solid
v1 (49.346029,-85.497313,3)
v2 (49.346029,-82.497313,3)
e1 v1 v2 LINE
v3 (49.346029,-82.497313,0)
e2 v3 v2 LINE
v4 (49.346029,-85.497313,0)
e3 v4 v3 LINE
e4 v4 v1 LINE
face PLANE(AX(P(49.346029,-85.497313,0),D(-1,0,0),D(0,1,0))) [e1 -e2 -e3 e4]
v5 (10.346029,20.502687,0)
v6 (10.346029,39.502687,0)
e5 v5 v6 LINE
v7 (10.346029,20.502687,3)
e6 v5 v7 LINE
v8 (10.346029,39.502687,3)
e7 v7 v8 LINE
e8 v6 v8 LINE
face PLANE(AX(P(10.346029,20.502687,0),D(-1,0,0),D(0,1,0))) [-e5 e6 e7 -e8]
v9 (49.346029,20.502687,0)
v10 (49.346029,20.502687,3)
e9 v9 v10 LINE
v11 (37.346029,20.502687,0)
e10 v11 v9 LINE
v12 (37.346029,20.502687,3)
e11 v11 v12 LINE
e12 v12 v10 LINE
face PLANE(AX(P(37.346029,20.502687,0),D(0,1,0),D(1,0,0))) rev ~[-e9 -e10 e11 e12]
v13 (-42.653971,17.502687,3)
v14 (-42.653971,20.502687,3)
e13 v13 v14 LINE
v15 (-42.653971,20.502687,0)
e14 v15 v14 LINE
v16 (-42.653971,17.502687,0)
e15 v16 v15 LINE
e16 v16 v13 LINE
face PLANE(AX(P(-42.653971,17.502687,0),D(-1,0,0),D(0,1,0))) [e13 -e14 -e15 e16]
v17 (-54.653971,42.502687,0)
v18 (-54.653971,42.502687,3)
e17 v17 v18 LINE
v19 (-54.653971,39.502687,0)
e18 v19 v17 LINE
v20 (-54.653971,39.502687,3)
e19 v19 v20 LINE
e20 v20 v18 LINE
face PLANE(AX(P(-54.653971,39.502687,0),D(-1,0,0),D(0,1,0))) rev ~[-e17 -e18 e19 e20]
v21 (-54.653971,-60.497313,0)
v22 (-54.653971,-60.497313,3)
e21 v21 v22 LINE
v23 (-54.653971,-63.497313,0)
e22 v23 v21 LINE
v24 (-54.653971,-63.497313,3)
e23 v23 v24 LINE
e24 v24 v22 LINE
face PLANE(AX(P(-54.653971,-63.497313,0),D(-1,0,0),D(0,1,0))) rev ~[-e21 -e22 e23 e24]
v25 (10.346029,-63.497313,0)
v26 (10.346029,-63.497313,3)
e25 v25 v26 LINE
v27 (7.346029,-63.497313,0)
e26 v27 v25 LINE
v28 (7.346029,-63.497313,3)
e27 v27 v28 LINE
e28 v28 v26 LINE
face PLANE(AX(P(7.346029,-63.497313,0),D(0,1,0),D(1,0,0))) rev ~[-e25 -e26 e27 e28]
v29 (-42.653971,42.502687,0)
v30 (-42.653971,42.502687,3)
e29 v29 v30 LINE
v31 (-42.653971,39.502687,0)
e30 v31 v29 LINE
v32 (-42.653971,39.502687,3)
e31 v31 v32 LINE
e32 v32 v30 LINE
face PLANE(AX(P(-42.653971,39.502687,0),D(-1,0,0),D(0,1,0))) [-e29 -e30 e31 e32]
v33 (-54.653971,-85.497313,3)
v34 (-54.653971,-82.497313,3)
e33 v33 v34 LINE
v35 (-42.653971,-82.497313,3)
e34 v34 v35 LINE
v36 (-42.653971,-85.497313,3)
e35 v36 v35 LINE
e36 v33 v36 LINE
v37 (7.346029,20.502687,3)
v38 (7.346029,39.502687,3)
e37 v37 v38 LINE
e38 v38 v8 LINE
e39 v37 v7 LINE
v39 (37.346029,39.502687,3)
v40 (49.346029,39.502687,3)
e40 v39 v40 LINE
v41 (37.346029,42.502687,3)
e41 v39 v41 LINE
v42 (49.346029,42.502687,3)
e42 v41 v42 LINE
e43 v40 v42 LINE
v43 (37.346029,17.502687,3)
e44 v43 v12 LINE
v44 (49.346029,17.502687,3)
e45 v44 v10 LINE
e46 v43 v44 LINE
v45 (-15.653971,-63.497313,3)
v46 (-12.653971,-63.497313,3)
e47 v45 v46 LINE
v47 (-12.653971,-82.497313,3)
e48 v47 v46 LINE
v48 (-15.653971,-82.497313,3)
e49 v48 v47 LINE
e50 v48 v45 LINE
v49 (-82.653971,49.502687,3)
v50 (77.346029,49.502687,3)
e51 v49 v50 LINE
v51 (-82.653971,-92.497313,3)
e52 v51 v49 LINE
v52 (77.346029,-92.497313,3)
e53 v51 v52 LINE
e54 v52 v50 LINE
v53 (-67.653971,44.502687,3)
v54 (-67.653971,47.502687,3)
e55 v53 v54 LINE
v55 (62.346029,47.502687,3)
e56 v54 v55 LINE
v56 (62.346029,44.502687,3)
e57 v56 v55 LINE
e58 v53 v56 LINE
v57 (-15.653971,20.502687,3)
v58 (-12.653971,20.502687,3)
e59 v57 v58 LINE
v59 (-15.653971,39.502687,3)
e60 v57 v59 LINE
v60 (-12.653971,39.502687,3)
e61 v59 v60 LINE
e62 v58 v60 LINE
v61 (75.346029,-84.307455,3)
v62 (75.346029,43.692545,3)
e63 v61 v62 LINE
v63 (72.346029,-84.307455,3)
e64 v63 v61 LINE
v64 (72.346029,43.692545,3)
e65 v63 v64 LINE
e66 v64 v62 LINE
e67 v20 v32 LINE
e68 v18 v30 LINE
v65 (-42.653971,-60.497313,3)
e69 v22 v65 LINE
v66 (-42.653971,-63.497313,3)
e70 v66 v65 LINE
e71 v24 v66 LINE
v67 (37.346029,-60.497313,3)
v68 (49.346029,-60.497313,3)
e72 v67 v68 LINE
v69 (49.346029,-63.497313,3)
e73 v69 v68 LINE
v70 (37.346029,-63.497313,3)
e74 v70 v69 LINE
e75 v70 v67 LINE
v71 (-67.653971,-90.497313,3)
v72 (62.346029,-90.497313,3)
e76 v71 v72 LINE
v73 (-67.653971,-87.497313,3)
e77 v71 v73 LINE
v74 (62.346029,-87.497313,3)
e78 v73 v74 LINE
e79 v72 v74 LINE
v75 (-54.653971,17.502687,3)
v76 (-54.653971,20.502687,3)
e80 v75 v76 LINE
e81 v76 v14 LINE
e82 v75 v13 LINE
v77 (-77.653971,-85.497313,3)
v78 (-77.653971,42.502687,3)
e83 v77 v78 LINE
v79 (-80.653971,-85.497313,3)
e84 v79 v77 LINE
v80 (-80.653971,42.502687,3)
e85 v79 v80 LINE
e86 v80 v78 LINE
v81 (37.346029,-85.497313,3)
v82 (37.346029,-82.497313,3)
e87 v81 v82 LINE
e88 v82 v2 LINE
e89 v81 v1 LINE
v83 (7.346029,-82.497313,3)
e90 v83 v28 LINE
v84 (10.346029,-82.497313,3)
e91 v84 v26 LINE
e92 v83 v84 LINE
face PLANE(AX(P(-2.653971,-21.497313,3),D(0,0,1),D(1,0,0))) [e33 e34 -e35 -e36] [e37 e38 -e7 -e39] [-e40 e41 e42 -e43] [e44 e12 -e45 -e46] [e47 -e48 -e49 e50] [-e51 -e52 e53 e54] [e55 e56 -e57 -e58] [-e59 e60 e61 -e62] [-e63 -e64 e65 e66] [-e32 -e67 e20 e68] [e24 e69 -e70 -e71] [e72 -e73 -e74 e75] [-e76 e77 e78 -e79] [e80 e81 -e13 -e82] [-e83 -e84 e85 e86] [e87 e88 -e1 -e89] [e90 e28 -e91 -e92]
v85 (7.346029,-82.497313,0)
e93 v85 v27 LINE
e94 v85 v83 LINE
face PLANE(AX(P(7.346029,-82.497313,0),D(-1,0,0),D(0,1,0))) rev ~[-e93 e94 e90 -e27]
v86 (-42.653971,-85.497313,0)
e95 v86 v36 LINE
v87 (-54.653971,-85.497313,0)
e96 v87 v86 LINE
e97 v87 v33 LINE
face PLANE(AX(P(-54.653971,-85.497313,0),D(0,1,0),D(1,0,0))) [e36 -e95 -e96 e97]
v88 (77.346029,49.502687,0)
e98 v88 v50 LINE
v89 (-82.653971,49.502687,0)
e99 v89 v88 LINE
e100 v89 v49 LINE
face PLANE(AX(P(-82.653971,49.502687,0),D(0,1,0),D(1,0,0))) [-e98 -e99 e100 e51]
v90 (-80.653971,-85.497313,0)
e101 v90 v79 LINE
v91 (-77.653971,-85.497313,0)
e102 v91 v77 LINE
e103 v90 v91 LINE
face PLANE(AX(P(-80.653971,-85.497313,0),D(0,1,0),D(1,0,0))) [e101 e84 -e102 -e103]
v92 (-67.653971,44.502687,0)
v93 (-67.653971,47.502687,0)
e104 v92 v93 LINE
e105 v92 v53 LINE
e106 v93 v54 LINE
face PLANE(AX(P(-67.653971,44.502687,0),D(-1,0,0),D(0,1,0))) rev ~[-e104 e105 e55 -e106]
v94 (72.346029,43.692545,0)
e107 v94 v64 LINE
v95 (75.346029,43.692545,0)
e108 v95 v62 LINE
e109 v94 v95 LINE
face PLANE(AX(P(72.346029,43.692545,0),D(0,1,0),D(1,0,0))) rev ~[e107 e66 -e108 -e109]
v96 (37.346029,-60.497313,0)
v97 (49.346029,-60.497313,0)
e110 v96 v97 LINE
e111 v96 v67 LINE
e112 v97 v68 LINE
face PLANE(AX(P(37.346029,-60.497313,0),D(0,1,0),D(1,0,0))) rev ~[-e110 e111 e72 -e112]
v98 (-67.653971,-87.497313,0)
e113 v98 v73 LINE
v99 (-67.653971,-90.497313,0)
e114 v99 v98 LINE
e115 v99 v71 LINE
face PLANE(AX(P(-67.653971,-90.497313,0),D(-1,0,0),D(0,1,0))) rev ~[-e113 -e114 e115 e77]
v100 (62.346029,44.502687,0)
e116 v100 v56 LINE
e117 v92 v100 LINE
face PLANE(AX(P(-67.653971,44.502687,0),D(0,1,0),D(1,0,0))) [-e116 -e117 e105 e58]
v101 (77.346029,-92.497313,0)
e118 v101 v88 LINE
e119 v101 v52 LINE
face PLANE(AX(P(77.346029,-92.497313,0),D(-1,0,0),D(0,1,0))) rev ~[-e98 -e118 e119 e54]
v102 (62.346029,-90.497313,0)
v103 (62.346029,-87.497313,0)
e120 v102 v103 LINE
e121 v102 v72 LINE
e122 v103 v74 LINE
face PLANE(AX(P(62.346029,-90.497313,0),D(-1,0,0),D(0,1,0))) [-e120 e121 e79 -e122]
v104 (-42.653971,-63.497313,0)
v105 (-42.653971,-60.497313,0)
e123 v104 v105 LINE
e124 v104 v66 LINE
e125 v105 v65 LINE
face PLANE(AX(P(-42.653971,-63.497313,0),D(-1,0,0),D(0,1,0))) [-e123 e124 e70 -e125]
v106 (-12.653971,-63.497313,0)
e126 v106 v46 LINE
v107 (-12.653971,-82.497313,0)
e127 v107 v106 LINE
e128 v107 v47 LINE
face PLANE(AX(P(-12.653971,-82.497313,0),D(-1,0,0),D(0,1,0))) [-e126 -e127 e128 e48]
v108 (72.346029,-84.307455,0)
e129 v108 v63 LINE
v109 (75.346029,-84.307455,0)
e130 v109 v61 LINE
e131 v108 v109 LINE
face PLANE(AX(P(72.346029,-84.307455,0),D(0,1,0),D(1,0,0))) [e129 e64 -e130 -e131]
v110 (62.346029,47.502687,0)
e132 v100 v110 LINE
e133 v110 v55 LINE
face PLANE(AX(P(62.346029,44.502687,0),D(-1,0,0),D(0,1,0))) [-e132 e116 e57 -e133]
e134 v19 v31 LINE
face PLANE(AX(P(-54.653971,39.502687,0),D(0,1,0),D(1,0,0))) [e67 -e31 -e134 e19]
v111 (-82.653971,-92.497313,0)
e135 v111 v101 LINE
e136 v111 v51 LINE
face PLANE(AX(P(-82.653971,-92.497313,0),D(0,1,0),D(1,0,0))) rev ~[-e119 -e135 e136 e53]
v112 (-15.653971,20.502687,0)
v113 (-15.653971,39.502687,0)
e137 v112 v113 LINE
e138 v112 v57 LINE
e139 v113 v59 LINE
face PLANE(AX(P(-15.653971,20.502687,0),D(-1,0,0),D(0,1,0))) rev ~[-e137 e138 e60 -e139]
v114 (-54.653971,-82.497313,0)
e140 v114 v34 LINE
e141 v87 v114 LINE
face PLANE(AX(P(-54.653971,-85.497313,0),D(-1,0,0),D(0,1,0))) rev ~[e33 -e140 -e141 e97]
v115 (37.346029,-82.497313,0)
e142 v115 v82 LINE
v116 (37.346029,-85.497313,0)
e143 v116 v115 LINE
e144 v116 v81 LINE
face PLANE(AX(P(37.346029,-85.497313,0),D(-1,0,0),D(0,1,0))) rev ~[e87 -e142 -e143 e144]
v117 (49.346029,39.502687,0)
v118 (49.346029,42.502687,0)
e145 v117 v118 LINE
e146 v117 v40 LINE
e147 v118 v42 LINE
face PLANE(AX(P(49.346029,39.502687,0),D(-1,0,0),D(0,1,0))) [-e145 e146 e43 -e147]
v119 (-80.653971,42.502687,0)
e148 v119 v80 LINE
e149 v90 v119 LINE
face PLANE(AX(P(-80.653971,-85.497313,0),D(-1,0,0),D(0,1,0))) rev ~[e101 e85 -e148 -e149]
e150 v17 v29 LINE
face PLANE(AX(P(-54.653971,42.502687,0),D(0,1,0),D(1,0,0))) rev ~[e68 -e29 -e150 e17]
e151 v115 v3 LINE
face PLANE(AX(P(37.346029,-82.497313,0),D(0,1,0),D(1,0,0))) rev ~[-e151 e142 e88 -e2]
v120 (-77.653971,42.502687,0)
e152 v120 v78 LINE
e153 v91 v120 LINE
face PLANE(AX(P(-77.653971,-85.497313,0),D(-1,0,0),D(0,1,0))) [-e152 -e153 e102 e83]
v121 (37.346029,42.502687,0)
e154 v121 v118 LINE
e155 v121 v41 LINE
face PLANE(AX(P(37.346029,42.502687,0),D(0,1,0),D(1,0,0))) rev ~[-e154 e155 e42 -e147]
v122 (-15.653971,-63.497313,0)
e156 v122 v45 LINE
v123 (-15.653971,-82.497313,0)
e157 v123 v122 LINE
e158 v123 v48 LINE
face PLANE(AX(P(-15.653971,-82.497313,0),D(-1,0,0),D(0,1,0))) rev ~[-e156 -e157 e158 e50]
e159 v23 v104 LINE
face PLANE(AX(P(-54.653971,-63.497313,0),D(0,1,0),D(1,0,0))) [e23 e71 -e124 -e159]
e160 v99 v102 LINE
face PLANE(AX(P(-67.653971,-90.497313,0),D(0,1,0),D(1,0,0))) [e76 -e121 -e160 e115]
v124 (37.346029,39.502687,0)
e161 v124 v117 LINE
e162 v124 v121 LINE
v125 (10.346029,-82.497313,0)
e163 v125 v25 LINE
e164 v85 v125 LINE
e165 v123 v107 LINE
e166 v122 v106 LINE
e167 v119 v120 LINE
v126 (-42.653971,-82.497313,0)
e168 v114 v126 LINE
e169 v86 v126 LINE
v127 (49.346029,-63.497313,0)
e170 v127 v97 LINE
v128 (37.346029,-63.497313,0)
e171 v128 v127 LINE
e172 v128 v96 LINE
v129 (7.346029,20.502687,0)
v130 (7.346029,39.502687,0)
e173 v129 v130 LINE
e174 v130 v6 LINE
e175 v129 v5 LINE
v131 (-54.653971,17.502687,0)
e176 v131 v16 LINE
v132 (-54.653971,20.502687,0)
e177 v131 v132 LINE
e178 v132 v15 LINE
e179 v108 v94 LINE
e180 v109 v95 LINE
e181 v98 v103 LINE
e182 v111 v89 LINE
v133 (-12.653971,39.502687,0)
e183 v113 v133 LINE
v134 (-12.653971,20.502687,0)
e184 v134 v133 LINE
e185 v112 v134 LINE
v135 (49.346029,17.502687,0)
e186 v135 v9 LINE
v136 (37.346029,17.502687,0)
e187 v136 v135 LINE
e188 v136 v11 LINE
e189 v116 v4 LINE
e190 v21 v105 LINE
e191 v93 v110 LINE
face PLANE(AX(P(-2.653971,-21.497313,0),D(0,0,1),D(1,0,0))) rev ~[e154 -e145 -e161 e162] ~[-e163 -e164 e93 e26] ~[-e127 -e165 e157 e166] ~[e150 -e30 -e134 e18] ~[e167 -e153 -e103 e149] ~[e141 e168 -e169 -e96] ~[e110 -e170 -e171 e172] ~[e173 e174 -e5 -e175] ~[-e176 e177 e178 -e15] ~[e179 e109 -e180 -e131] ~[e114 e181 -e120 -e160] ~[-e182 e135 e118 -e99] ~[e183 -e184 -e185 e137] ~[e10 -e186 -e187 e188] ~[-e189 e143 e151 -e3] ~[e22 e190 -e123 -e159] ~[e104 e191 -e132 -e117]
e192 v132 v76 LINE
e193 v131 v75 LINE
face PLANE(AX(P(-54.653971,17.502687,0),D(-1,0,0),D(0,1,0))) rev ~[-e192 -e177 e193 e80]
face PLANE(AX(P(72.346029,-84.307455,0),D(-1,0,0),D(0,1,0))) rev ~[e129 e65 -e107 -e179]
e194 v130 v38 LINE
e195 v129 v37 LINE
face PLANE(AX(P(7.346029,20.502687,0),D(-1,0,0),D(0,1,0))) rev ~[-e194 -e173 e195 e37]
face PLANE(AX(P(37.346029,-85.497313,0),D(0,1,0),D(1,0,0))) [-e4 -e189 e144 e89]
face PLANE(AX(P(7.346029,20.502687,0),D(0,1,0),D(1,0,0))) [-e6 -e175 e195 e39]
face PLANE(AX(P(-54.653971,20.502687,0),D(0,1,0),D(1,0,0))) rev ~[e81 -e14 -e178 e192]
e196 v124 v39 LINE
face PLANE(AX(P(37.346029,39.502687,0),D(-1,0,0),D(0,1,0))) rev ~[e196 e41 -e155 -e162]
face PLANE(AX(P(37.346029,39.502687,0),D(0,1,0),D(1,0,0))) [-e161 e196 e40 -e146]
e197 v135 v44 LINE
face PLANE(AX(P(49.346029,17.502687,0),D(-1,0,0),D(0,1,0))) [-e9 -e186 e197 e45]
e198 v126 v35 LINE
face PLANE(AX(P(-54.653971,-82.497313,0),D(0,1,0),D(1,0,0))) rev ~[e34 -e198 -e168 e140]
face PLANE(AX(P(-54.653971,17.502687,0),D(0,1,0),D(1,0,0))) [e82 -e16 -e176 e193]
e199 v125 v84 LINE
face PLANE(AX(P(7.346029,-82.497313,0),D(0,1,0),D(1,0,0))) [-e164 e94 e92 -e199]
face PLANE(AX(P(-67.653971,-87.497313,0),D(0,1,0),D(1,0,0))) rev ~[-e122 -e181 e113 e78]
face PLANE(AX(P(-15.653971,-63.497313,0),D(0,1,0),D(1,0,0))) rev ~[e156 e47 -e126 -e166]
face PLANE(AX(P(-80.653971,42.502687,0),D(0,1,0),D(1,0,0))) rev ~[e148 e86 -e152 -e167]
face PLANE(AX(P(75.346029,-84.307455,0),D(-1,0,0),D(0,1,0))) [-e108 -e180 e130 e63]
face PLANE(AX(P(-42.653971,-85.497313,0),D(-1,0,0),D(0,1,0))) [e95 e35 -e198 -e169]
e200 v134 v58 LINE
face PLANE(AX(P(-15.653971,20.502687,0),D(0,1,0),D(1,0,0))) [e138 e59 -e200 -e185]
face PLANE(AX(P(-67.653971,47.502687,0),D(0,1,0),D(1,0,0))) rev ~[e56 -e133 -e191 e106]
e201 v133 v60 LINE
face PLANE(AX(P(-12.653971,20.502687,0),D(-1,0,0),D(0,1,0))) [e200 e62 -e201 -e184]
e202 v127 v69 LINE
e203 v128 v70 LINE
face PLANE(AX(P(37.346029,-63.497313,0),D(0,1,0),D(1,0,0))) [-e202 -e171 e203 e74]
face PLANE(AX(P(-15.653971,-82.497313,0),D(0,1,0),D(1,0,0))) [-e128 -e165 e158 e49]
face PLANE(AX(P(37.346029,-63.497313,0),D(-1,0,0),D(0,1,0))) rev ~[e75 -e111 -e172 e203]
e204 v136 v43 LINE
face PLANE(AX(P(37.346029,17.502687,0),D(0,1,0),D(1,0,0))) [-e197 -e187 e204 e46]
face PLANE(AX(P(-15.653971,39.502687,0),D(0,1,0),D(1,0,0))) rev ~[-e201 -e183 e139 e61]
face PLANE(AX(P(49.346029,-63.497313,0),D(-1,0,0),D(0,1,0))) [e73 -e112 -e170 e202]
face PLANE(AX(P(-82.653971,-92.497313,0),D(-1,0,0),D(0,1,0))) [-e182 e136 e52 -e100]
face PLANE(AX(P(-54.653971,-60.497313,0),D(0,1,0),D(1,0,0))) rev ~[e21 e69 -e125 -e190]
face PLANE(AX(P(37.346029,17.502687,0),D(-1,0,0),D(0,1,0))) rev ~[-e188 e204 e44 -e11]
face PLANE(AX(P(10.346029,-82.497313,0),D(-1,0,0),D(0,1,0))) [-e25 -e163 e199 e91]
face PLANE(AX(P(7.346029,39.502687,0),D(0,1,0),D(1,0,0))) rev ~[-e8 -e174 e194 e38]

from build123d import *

# Parameters (mm, degrees)
SKETCH1_W           = 160
SKETCH1_H           = 142
SKETCH1_W_2         = 130
SKETCH1_H_2         = 3
SKETCH1_W_3         = 3
SKETCH1_H_3         = 128
SKETCH1_W_4         = 12
SKETCH1_H_4         = 19
BOSS_EXTRUDE1_DEPTH = 3


with BuildPart() as part:
    # Sketch1 → Boss-Extrude1 (new body)
    with BuildSketch(Plane.XY):
        with Locations((-2.653971439, -21.497313052)):
            Rectangle(SKETCH1_W, SKETCH1_H)
        with Locations((-2.653971439, -88.997313052)):
            Rectangle(SKETCH1_W_2, SKETCH1_H_2, mode=Mode.SUBTRACT)
        with Locations((-2.653971439, 46.002686948)):
            Rectangle(SKETCH1_W_2, SKETCH1_H_2, mode=Mode.SUBTRACT)
        with Locations((-79.153971439, -21.497313052)):
            Rectangle(SKETCH1_W_3, SKETCH1_H_3, mode=Mode.SUBTRACT)
        with Locations((73.846028561, -20.307455235)):
            Rectangle(SKETCH1_W_3, SKETCH1_H_3, mode=Mode.SUBTRACT)
        with Locations((43.346028561, -61.997313052)):
            Rectangle(SKETCH1_W_4, SKETCH1_H_2, mode=Mode.SUBTRACT)
        with Locations((43.346028561, -83.997313052)):
            Rectangle(SKETCH1_W_4, SKETCH1_H_2, mode=Mode.SUBTRACT)
        with Locations((43.346028561, 41.002686948)):
            Rectangle(SKETCH1_W_4, SKETCH1_H_2, mode=Mode.SUBTRACT)
        with Locations((8.846028561, -72.997313052)):
            Rectangle(SKETCH1_W_3, SKETCH1_H_4, mode=Mode.SUBTRACT)
        with Locations((43.346028561, 19.002686948)):
            Rectangle(SKETCH1_W_4, SKETCH1_H_2, mode=Mode.SUBTRACT)
        with Locations((8.846028561, 30.002686948)):
            Rectangle(SKETCH1_W_3, SKETCH1_H_4, mode=Mode.SUBTRACT)
        with Locations((-14.153971439, -72.997313052)):
            Rectangle(SKETCH1_W_3, SKETCH1_H_4, mode=Mode.SUBTRACT)
        with Locations((-48.653971439, -83.997313052)):
            Rectangle(SKETCH1_W_4, SKETCH1_H_2, mode=Mode.SUBTRACT)
        with Locations((-48.653971439, -61.997313052)):
            Rectangle(SKETCH1_W_4, SKETCH1_H_2, mode=Mode.SUBTRACT)
        with Locations((-48.653971439, 19.002686948)):
            Rectangle(SKETCH1_W_4, SKETCH1_H_2, mode=Mode.SUBTRACT)
        with Locations((-48.653971439, 41.002686948)):
            Rectangle(SKETCH1_W_4, SKETCH1_H_2, mode=Mode.SUBTRACT)
        with Locations((-14.153971439, 30.002686948)):
            Rectangle(SKETCH1_W_3, SKETCH1_H_4, mode=Mode.SUBTRACT)
    extrude(amount=BOSS_EXTRUDE1_DEPTH)


solid = part.part
